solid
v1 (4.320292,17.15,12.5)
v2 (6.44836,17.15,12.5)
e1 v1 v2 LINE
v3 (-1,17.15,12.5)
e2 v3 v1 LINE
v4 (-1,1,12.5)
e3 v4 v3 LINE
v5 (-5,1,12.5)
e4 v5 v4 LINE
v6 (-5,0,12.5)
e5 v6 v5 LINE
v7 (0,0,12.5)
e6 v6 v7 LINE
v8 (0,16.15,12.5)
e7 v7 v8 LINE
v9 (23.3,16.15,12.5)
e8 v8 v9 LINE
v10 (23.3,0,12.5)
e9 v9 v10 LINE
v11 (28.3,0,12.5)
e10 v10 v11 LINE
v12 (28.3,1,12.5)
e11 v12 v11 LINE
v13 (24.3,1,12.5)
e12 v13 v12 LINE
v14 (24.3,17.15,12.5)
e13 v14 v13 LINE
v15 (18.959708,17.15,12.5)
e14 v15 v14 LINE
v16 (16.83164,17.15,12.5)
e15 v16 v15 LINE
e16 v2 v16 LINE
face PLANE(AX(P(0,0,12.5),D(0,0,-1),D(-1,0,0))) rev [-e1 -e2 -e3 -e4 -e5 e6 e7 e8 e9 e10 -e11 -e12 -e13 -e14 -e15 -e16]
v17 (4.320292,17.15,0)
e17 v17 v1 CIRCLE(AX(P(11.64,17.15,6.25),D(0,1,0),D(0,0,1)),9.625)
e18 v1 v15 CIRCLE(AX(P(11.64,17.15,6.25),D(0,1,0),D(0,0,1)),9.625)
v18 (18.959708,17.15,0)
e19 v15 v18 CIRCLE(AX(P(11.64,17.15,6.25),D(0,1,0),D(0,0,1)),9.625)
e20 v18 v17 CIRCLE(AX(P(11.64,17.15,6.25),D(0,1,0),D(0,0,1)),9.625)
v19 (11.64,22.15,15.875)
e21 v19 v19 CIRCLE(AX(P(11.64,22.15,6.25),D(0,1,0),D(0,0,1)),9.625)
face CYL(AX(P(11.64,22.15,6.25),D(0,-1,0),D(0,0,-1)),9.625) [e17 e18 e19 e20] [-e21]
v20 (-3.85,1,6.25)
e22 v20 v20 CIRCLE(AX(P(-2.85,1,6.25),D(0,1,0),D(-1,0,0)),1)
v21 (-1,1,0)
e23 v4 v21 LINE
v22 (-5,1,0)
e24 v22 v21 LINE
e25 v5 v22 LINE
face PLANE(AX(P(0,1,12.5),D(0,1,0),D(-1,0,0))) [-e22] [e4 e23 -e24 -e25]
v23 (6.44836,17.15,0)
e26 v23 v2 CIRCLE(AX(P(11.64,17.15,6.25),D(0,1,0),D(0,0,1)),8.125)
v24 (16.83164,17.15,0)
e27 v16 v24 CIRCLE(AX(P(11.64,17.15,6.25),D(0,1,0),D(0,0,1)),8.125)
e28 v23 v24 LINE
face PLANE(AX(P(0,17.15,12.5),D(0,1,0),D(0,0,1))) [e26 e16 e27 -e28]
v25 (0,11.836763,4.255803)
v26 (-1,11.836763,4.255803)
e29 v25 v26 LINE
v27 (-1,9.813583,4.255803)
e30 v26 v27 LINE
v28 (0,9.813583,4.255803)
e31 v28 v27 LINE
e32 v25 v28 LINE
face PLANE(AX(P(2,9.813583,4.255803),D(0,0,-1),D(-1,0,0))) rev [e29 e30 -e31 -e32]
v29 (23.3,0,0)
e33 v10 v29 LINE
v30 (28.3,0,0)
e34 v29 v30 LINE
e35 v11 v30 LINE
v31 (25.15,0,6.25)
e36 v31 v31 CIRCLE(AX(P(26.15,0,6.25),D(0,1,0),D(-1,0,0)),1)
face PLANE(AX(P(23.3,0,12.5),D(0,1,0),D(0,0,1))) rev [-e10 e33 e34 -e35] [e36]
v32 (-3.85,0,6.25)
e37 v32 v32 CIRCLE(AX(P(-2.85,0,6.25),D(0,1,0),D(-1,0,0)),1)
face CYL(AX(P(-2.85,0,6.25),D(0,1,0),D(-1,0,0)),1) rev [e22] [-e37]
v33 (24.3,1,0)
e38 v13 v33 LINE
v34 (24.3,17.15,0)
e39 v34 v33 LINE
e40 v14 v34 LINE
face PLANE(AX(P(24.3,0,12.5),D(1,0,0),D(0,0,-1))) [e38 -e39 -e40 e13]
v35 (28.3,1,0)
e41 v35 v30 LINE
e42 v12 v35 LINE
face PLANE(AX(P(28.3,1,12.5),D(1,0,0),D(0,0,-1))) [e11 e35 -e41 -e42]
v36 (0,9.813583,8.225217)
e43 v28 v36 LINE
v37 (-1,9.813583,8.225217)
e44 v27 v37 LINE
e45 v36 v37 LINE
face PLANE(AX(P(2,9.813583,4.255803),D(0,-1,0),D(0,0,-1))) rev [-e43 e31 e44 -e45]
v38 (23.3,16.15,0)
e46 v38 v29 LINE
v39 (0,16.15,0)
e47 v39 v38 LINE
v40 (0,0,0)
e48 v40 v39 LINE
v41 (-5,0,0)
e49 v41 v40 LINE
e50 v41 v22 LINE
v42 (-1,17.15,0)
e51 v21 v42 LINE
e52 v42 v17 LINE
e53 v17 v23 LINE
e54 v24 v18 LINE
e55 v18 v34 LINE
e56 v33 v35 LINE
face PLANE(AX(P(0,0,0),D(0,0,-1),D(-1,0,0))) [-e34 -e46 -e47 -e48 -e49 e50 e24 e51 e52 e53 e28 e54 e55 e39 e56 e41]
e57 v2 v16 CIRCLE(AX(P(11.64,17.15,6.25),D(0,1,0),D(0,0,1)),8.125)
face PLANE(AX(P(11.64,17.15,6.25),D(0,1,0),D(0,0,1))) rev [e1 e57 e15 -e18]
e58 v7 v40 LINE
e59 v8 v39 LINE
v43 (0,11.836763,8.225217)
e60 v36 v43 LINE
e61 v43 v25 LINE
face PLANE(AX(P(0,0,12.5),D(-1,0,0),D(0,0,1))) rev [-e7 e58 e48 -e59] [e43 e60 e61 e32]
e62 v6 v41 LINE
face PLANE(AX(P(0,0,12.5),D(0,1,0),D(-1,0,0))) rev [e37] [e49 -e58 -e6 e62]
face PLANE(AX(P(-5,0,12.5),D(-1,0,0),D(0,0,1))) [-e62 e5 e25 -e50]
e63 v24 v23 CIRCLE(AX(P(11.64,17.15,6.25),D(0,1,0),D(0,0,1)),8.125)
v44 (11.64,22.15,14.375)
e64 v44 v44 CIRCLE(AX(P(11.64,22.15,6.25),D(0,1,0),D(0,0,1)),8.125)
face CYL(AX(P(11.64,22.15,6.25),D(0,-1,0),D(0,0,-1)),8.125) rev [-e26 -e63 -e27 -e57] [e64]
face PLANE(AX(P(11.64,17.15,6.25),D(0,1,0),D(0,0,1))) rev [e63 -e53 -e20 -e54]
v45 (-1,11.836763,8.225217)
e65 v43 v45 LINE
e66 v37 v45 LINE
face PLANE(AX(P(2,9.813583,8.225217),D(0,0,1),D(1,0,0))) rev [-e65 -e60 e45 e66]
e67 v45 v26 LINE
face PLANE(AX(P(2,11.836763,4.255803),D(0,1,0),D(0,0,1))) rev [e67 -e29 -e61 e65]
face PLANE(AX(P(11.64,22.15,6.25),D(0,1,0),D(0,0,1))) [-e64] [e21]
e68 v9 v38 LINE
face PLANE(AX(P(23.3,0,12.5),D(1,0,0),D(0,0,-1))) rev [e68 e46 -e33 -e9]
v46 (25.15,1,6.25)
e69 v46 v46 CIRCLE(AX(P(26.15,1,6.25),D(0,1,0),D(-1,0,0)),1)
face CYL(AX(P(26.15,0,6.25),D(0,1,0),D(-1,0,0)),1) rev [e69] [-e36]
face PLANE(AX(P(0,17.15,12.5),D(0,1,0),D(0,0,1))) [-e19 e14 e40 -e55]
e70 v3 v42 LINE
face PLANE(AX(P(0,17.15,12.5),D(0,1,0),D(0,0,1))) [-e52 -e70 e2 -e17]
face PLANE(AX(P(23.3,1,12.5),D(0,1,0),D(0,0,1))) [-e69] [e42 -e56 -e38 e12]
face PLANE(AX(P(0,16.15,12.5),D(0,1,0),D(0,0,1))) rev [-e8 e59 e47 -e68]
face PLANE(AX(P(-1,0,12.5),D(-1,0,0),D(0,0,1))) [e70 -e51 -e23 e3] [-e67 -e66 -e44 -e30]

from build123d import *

# Parameters (mm, degrees)
EKSTR_ZYON_NCE1_DEPTH       = 12.5
IZIM2_R                     = 1
KES_EKSTR_ZYON1_DEPTH       = 2
IZIM3_W                     = 3.969414418
IZIM3_H                     = 2.023180186
KES_EKSTR_ZYON2_DEPTH       = 3
IZIM4_R                     = 9.625
IZIM4_R_2                   = 8.125
Y_KSEKLIK_EKSTR_ZYON1_DEPTH = 5


with BuildPart() as part:
    # Çizim1 → Ekstrüzyon-İnce1 (new body)
    with BuildSketch(Plane.XY):
        Polygon((28.3, 0), (23.3, 0), (23.3, 16.15), (0, 16.15), (0, 0), (-5, 0), (-5, 1), (-1, 1), (-1, 17.15), (24.3, 17.15), (24.3, 1), (28.3, 1), align=None)
    extrude(amount=EKSTR_ZYON_NCE1_DEPTH)

    # Çizim2 → Kes-Ekstrüzyon1 (cut, through all)
    with BuildSketch(Plane(origin=(0, 1, 0), x_dir=(1, 0, 0), z_dir=(0, 1, 0))):
        with Locations((-2.85, -6.25)):
            Circle(IZIM2_R)
        with Locations((26.15, -6.25)):
            Circle(IZIM2_R)
    extrude(amount=-KES_EKSTR_ZYON1_DEPTH, mode=Mode.SUBTRACT)

    # Çizim3 → Kes-Ekstrüzyon2 (cut)
    with BuildSketch(Plane.ZY.offset(1)):
        with Locations((6.240510002, 10.825173076)):
            Rectangle(IZIM3_W, IZIM3_H)
    extrude(amount=-KES_EKSTR_ZYON2_DEPTH, mode=Mode.SUBTRACT)

    # Çizim4 → Yükseklik-Ekstrüzyon1 (add)
    with BuildSketch(Plane(origin=(0, 17.15, 0), x_dir=(1, 0, 0), z_dir=(0, 1, 0))):
        with Locations((11.64, -6.25)):
            Circle(IZIM4_R)
        with Locations((11.64, -6.25)):
            Circle(IZIM4_R_2, mode=Mode.SUBTRACT)
    extrude(amount=Y_KSEKLIK_EKSTR_ZYON1_DEPTH)


solid = part.part
